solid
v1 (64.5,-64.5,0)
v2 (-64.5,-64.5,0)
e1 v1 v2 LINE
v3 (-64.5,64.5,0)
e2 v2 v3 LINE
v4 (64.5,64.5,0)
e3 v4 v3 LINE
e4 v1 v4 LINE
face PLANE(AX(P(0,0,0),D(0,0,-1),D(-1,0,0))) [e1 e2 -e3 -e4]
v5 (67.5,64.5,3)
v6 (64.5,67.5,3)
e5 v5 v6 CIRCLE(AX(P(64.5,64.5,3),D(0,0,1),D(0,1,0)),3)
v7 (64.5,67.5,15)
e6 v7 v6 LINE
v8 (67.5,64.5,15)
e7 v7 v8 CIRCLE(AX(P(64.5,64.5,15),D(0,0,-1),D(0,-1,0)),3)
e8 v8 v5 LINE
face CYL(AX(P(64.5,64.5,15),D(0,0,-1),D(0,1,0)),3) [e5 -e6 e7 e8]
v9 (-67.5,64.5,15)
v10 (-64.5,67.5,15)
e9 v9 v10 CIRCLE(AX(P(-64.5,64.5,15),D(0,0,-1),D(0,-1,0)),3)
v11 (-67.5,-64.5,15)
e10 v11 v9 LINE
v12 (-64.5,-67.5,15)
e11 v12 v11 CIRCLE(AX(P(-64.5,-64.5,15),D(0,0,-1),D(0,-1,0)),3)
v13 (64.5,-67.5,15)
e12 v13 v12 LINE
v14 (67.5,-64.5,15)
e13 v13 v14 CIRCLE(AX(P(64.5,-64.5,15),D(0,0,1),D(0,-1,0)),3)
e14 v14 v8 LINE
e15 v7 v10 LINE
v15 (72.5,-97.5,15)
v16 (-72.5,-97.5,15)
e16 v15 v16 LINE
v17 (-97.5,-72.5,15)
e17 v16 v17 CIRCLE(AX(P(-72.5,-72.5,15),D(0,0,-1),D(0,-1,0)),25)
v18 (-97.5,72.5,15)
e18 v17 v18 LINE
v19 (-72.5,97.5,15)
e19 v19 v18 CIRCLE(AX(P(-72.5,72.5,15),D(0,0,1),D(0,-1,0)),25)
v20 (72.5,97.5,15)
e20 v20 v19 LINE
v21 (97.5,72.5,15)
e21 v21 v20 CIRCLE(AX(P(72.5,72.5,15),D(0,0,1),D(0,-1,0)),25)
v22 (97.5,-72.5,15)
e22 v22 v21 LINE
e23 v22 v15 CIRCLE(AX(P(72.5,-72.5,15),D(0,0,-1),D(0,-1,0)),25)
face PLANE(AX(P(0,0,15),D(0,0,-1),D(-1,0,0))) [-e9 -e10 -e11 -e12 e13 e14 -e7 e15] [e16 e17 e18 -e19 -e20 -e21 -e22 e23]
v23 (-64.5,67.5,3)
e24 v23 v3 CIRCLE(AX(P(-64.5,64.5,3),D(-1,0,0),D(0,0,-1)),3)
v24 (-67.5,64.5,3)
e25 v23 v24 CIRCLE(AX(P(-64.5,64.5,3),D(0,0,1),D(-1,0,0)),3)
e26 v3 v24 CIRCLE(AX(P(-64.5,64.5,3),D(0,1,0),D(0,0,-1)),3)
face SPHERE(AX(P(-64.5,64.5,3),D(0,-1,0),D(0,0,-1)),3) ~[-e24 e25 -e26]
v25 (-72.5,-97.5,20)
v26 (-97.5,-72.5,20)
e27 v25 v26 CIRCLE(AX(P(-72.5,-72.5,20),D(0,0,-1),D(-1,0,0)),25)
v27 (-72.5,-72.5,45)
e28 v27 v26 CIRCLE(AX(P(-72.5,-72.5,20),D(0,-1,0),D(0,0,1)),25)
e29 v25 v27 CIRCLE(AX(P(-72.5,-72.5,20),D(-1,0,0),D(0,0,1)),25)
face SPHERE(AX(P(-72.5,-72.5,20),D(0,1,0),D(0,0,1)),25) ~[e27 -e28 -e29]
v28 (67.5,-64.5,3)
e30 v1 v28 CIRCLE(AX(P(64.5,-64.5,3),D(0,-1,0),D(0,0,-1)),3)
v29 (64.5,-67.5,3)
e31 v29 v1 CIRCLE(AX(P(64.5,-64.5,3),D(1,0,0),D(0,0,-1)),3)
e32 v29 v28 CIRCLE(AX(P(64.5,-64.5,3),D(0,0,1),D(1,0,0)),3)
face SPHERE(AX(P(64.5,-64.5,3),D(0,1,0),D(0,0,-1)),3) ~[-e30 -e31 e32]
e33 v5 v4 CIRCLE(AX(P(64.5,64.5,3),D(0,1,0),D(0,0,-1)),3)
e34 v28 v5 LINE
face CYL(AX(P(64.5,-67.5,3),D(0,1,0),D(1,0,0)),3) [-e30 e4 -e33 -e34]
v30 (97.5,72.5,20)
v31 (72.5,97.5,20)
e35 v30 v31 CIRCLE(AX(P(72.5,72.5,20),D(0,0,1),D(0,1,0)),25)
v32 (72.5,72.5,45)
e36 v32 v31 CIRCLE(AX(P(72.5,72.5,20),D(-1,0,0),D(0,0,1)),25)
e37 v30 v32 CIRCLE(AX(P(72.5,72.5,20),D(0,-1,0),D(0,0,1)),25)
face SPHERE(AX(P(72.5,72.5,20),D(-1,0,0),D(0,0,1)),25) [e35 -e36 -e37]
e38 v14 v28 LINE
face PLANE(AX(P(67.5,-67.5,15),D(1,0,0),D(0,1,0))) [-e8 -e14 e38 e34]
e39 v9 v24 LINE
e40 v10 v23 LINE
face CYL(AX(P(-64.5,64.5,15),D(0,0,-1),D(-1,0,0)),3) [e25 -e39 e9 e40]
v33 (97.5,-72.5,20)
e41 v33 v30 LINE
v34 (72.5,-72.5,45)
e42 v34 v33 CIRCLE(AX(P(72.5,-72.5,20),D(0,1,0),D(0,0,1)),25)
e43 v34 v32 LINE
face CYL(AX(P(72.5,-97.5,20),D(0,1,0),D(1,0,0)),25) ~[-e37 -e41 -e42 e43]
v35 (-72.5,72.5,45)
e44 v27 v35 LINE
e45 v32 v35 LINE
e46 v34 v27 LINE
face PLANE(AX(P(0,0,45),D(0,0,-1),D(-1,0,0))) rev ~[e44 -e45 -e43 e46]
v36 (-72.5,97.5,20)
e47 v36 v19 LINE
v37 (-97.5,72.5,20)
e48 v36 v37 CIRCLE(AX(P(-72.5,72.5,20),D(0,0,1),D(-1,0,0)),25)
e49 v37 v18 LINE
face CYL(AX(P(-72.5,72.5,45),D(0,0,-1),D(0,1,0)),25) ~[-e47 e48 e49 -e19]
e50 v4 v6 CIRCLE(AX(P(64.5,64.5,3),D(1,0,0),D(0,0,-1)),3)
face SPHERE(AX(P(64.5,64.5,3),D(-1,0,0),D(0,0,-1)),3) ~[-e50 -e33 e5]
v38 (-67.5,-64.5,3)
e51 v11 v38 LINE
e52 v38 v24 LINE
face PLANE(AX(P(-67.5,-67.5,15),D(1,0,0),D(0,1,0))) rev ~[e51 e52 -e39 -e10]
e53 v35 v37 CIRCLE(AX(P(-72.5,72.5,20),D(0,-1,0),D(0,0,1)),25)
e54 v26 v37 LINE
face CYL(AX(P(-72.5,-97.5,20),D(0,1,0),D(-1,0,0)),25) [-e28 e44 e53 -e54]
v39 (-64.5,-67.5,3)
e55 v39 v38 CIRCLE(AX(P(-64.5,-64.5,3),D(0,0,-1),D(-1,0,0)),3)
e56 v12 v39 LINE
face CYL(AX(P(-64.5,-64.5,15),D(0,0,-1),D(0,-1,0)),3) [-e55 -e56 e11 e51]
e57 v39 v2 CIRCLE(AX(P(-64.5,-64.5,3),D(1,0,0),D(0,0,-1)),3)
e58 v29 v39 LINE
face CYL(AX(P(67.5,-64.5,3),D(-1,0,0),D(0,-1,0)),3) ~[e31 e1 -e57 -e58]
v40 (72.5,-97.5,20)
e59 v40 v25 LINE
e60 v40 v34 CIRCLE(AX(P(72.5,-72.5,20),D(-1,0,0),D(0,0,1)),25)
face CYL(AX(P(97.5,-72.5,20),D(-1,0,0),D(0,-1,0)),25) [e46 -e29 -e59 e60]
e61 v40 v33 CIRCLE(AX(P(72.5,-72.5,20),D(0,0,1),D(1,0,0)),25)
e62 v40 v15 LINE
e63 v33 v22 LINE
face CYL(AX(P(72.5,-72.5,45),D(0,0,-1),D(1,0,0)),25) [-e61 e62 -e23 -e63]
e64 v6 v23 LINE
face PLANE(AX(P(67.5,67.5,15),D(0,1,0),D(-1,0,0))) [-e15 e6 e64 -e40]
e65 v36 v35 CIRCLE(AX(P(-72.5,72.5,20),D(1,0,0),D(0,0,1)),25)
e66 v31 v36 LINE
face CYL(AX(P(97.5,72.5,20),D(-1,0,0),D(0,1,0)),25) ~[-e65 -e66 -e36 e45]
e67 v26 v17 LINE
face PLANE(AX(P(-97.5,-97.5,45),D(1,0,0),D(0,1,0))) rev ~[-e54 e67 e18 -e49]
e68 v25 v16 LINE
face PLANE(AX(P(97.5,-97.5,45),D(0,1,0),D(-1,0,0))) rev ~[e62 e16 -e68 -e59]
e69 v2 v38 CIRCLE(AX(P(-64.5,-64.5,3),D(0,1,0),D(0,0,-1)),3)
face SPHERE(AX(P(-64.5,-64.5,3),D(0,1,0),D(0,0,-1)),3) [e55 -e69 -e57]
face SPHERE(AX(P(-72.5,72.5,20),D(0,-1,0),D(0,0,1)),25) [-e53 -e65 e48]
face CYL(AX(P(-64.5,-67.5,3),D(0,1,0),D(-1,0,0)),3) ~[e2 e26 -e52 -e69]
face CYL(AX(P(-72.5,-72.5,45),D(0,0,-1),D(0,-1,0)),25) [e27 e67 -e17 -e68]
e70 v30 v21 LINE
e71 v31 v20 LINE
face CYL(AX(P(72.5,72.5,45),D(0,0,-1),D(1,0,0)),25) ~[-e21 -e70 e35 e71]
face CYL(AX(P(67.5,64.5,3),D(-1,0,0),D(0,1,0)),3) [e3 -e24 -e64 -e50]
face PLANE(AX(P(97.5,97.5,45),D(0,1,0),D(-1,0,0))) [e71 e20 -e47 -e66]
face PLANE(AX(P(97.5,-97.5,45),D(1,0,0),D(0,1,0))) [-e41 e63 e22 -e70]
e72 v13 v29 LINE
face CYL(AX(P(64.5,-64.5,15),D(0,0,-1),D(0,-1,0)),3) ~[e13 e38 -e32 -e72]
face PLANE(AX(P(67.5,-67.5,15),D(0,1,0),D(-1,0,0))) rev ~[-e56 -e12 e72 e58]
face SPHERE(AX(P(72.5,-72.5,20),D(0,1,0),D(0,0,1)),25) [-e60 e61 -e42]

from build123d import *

# Parameters (mm, degrees)
F0_W     = 195
F0_H     = 195
F1_DEPTH = 30
F2_W     = 135
F2_H     = 135
F3_DEPTH = 15
F4_R     = 3
F5_R     = 25
F6_ANGLE = 180


with BuildPart() as f1:
    # F0 (on Top) → F1 (new body)
    with BuildSketch(Plane.XY):
        Rectangle(F0_W, F0_H)
    extrude(amount=F1_DEPTH)

    # F2 (on face) → F3 (join)
    with BuildSketch(Plane.XY.offset(30)):
        Rectangle(F2_W, F2_H)
    extrude(amount=F3_DEPTH)

    # F4
    f4_edges = [f1.edges().sort_by_distance(p)[0] for p in [
        (67.5, 0, 45),
        (0, 67.5, 45),
        (-67.5, 0, 45),
        (0, -67.5, 45),
        (67.5, -67.5, 37.5),
        (67.5, 67.5, 37.5),
        (-67.5, -67.5, 37.5),
        (-67.5, 67.5, 37.5),
    ]]
    fillet(f4_edges, radius=F4_R)

    # F5
    f5_edges = [f1.edges().sort_by_distance(p)[0] for p in [
        (97.5, 0, 0),
        (0, 97.5, 0),
        (-97.5, 0, 0),
        (0, -97.5, 0),
        (97.5, 97.5, 15),
        (-97.5, 97.5, 15),
        (-97.5, -97.5, 15),
        (97.5, -97.5, 15),
    ]]
    fillet(f5_edges, radius=F5_R)


with BuildPart() as f1_1:
    # F6: moved
    add(f1.part.rotate(Axis((97.5, 0, 30), (0, -1, 0)), F6_ANGLE))


with BuildPart() as f1_2:
    # F7: moved
    add(f1_1.part.moved(Location((-195, 0, 0))))


with BuildPart() as f1_3:
    # F8: moved
    add(f1_2.part.moved(Location((0, 0, -15))))


solid = f1_3.part
